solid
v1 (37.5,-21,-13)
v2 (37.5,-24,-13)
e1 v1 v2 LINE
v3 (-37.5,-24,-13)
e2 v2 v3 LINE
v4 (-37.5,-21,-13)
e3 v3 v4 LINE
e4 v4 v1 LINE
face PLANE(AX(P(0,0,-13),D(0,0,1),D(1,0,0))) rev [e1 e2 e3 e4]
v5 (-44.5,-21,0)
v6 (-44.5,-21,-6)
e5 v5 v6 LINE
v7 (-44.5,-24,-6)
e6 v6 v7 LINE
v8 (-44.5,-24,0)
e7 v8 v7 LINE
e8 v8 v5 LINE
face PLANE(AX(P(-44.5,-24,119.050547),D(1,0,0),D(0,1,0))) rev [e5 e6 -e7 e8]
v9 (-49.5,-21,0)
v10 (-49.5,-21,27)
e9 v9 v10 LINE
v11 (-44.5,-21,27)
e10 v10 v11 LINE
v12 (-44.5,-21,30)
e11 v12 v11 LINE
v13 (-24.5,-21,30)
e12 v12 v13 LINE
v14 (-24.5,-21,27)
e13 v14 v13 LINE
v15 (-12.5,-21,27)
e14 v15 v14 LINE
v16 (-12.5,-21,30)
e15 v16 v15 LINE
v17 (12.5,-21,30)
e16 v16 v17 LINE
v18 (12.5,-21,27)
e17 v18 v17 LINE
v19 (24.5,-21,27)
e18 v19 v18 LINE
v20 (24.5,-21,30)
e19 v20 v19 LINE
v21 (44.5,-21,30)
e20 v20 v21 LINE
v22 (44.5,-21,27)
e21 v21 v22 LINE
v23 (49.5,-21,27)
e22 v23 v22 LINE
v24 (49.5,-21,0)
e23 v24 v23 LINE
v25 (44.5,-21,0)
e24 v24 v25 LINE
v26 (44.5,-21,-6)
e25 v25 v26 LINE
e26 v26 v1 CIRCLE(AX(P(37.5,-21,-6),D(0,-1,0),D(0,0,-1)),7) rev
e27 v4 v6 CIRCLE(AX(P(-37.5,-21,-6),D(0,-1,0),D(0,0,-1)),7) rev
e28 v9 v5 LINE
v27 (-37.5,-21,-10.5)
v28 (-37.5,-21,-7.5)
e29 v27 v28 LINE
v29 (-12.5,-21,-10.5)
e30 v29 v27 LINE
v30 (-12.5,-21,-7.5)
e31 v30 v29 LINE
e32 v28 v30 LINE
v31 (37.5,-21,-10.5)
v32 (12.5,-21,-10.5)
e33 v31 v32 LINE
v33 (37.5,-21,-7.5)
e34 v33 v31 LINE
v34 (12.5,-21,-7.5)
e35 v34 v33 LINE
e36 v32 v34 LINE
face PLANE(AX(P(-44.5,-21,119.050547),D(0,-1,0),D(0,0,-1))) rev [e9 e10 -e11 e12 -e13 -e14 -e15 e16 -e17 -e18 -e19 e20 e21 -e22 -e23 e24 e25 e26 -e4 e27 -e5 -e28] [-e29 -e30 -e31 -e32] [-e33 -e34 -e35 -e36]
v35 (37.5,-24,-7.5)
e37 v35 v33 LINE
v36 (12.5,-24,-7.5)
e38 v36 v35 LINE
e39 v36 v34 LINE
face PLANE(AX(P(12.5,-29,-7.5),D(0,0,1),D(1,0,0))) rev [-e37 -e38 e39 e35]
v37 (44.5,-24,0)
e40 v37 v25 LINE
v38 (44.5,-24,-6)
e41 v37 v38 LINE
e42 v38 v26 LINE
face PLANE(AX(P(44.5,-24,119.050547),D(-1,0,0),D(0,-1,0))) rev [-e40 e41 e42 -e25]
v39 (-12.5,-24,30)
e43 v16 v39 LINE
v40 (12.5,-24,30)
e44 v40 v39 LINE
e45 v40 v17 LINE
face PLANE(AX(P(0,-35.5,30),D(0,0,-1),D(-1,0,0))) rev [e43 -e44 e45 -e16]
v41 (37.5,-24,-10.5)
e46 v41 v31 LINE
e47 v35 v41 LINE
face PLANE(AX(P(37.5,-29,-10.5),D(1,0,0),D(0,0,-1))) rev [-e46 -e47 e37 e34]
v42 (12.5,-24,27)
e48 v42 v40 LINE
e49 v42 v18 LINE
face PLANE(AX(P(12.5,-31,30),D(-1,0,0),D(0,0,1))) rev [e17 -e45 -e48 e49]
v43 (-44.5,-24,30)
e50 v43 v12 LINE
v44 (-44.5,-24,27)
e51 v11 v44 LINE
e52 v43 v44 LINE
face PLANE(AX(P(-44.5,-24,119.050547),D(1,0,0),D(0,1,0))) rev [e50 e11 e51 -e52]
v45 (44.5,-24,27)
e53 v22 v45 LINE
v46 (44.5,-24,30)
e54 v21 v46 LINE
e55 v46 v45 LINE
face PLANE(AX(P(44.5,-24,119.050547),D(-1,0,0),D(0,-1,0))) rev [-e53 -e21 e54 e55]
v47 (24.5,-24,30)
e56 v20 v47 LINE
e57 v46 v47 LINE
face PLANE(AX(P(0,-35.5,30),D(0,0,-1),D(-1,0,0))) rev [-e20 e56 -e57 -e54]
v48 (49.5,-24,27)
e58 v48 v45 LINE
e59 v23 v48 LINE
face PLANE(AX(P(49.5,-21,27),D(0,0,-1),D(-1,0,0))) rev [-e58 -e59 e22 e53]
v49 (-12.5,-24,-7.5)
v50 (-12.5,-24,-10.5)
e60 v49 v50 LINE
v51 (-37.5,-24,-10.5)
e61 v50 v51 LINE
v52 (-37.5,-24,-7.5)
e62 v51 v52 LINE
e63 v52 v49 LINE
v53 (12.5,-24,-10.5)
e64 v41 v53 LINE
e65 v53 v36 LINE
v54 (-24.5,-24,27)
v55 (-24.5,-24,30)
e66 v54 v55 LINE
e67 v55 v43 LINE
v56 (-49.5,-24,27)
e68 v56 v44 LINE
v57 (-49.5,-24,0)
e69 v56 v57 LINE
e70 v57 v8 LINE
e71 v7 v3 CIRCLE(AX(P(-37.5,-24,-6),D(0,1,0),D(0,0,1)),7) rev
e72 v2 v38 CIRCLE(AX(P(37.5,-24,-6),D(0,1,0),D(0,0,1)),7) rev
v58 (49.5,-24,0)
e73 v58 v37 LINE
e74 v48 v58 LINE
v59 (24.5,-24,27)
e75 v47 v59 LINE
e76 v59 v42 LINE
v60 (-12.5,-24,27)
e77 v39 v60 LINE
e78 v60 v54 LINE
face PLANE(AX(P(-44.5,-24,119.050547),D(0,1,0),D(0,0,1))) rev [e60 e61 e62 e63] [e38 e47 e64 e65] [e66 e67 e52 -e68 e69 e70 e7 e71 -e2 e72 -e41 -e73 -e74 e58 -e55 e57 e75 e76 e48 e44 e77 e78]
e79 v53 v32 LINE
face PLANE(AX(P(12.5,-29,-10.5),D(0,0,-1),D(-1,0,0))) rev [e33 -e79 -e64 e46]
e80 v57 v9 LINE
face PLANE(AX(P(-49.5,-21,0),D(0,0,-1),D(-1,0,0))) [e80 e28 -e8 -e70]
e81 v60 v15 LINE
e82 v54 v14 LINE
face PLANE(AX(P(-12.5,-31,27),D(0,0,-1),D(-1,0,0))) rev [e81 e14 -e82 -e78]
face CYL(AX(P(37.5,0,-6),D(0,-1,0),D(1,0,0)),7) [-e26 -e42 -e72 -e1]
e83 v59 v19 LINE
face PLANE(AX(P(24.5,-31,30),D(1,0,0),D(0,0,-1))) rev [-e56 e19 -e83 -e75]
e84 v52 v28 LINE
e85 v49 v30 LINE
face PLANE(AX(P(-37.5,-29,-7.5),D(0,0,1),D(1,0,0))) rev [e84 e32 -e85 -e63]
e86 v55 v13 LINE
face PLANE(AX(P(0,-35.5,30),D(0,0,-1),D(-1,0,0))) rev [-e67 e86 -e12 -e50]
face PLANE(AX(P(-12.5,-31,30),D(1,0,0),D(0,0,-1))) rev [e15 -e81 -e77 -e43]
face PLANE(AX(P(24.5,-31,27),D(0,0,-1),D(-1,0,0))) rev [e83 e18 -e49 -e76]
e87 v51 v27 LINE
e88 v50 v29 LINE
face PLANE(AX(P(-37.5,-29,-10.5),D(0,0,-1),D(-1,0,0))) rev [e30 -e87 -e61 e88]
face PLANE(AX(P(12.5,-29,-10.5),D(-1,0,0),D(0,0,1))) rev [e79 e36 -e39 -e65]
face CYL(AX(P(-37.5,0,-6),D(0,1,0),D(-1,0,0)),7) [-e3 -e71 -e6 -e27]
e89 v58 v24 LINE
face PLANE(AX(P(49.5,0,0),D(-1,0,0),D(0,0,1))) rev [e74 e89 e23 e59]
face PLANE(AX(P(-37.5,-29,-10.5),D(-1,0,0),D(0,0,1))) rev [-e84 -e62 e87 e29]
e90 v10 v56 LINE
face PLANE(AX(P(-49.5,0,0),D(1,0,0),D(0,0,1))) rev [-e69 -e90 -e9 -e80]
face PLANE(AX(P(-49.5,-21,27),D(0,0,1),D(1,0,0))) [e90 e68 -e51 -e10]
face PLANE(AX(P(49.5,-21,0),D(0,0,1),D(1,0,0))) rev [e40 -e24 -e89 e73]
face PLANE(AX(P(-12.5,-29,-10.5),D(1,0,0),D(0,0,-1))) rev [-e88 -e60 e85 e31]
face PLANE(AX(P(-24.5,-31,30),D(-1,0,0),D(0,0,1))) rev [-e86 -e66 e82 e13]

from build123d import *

# Parameters (mm, degrees)
ESTRUSIONE_ESTRUSIONE1_DEPTH      = 30
ESTRUSIONE_ESTRUSIONE1_DEPTH_BACK = 3
SCHIZZO1_W                        = 89
SCHIZZO1_H                        = 3
SCHIZZO2_W                        = 12
SCHIZZO2_H                        = 3
TAGLIO_ESTRUSIONE1_DEPTH          = 10
SCHIZZO3_W                        = 27
SCHIZZO3_H                        = 3
ESTRUSIONE_ESTRUSIONE2_DEPTH      = 5
SCHIZZO4_W                        = 89
SCHIZZO4_H                        = 3
ESTRUSIONE_ESTRUSIONE3_DEPTH      = 10
SCHIZZO5_W                        = 25
SCHIZZO5_H                        = 3
TAGLIO_ESTRUSIONE2_DEPTH          = 8
RACCORDO1_R                       = 7


with BuildPart() as part:
    # Schizzo1 → Estrusione-Estrusione1 (new, two sides: drawn at the far end of the back side and taken through both)
    with BuildSketch(Plane.XY.offset(-ESTRUSIONE_ESTRUSIONE1_DEPTH_BACK)):
        with Locations((0, -22.5)):
            Rectangle(SCHIZZO1_W, SCHIZZO1_H)
    extrude(amount=ESTRUSIONE_ESTRUSIONE1_DEPTH + ESTRUSIONE_ESTRUSIONE1_DEPTH_BACK)

    # Schizzo2 → Taglio-Estrusione1 (cut)
    with BuildSketch(Plane(origin=(0, -21, 0), x_dir=(1, 0, 0), z_dir=(0, 1, 0))):
        with Locations((18.5, -28.5)):
            Rectangle(SCHIZZO2_W, SCHIZZO2_H)
        with Locations((-18.5, -28.5)):
            Rectangle(SCHIZZO2_W, SCHIZZO2_H)
    extrude(amount=-TAGLIO_ESTRUSIONE1_DEPTH, mode=Mode.SUBTRACT)

    # Schizzo3 → Estrusione-Estrusione2 (add)
    with BuildSketch(Plane(origin=(44.5, 0, 0), x_dir=(0, 0, -1), z_dir=(1, 0, 0))):
        with Locations((-13.5, -22.5)):
            Rectangle(SCHIZZO3_W, SCHIZZO3_H)
    estrusione_estrusione2 = extrude(amount=ESTRUSIONE_ESTRUSIONE2_DEPTH)

    # Specchia1: Estrusione-Estrusione2 across plane
    add(estrusione_estrusione2.mirror(Plane(origin=(0, 0, 0), x_dir=(0, 0, 1), z_dir=(1, 0, 0))))

    # Schizzo4 → Estrusione-Estrusione3 (add)
    with BuildSketch(Plane(origin=(0, 0, -3), x_dir=(-1, 0, 0), z_dir=(0, 0, -1))):
        with Locations((0, -22.5)):
            Rectangle(SCHIZZO4_W, SCHIZZO4_H)
    extrude(amount=ESTRUSIONE_ESTRUSIONE3_DEPTH)

    # Schizzo5 → Taglio-Estrusione2 (cut)
    with BuildSketch(Plane(origin=(0, -21, 0), x_dir=(1, 0, 0), z_dir=(0, 1, 0))):
        with Locations((-25, 9)):
            Rectangle(SCHIZZO5_W, SCHIZZO5_H)
        with Locations((25, 9)):
            Rectangle(SCHIZZO5_W, SCHIZZO5_H)
    extrude(amount=-TAGLIO_ESTRUSIONE2_DEPTH, mode=Mode.SUBTRACT)

    # Raccordo1
    raccordo1_edges = [part.edges().sort_by_distance(p)[0] for p in [
        (-44.5, -22.5, -13),
        (44.5, -22.5, -13),
    ]]
    fillet(raccordo1_edges, radius=RACCORDO1_R)


solid = part.part
